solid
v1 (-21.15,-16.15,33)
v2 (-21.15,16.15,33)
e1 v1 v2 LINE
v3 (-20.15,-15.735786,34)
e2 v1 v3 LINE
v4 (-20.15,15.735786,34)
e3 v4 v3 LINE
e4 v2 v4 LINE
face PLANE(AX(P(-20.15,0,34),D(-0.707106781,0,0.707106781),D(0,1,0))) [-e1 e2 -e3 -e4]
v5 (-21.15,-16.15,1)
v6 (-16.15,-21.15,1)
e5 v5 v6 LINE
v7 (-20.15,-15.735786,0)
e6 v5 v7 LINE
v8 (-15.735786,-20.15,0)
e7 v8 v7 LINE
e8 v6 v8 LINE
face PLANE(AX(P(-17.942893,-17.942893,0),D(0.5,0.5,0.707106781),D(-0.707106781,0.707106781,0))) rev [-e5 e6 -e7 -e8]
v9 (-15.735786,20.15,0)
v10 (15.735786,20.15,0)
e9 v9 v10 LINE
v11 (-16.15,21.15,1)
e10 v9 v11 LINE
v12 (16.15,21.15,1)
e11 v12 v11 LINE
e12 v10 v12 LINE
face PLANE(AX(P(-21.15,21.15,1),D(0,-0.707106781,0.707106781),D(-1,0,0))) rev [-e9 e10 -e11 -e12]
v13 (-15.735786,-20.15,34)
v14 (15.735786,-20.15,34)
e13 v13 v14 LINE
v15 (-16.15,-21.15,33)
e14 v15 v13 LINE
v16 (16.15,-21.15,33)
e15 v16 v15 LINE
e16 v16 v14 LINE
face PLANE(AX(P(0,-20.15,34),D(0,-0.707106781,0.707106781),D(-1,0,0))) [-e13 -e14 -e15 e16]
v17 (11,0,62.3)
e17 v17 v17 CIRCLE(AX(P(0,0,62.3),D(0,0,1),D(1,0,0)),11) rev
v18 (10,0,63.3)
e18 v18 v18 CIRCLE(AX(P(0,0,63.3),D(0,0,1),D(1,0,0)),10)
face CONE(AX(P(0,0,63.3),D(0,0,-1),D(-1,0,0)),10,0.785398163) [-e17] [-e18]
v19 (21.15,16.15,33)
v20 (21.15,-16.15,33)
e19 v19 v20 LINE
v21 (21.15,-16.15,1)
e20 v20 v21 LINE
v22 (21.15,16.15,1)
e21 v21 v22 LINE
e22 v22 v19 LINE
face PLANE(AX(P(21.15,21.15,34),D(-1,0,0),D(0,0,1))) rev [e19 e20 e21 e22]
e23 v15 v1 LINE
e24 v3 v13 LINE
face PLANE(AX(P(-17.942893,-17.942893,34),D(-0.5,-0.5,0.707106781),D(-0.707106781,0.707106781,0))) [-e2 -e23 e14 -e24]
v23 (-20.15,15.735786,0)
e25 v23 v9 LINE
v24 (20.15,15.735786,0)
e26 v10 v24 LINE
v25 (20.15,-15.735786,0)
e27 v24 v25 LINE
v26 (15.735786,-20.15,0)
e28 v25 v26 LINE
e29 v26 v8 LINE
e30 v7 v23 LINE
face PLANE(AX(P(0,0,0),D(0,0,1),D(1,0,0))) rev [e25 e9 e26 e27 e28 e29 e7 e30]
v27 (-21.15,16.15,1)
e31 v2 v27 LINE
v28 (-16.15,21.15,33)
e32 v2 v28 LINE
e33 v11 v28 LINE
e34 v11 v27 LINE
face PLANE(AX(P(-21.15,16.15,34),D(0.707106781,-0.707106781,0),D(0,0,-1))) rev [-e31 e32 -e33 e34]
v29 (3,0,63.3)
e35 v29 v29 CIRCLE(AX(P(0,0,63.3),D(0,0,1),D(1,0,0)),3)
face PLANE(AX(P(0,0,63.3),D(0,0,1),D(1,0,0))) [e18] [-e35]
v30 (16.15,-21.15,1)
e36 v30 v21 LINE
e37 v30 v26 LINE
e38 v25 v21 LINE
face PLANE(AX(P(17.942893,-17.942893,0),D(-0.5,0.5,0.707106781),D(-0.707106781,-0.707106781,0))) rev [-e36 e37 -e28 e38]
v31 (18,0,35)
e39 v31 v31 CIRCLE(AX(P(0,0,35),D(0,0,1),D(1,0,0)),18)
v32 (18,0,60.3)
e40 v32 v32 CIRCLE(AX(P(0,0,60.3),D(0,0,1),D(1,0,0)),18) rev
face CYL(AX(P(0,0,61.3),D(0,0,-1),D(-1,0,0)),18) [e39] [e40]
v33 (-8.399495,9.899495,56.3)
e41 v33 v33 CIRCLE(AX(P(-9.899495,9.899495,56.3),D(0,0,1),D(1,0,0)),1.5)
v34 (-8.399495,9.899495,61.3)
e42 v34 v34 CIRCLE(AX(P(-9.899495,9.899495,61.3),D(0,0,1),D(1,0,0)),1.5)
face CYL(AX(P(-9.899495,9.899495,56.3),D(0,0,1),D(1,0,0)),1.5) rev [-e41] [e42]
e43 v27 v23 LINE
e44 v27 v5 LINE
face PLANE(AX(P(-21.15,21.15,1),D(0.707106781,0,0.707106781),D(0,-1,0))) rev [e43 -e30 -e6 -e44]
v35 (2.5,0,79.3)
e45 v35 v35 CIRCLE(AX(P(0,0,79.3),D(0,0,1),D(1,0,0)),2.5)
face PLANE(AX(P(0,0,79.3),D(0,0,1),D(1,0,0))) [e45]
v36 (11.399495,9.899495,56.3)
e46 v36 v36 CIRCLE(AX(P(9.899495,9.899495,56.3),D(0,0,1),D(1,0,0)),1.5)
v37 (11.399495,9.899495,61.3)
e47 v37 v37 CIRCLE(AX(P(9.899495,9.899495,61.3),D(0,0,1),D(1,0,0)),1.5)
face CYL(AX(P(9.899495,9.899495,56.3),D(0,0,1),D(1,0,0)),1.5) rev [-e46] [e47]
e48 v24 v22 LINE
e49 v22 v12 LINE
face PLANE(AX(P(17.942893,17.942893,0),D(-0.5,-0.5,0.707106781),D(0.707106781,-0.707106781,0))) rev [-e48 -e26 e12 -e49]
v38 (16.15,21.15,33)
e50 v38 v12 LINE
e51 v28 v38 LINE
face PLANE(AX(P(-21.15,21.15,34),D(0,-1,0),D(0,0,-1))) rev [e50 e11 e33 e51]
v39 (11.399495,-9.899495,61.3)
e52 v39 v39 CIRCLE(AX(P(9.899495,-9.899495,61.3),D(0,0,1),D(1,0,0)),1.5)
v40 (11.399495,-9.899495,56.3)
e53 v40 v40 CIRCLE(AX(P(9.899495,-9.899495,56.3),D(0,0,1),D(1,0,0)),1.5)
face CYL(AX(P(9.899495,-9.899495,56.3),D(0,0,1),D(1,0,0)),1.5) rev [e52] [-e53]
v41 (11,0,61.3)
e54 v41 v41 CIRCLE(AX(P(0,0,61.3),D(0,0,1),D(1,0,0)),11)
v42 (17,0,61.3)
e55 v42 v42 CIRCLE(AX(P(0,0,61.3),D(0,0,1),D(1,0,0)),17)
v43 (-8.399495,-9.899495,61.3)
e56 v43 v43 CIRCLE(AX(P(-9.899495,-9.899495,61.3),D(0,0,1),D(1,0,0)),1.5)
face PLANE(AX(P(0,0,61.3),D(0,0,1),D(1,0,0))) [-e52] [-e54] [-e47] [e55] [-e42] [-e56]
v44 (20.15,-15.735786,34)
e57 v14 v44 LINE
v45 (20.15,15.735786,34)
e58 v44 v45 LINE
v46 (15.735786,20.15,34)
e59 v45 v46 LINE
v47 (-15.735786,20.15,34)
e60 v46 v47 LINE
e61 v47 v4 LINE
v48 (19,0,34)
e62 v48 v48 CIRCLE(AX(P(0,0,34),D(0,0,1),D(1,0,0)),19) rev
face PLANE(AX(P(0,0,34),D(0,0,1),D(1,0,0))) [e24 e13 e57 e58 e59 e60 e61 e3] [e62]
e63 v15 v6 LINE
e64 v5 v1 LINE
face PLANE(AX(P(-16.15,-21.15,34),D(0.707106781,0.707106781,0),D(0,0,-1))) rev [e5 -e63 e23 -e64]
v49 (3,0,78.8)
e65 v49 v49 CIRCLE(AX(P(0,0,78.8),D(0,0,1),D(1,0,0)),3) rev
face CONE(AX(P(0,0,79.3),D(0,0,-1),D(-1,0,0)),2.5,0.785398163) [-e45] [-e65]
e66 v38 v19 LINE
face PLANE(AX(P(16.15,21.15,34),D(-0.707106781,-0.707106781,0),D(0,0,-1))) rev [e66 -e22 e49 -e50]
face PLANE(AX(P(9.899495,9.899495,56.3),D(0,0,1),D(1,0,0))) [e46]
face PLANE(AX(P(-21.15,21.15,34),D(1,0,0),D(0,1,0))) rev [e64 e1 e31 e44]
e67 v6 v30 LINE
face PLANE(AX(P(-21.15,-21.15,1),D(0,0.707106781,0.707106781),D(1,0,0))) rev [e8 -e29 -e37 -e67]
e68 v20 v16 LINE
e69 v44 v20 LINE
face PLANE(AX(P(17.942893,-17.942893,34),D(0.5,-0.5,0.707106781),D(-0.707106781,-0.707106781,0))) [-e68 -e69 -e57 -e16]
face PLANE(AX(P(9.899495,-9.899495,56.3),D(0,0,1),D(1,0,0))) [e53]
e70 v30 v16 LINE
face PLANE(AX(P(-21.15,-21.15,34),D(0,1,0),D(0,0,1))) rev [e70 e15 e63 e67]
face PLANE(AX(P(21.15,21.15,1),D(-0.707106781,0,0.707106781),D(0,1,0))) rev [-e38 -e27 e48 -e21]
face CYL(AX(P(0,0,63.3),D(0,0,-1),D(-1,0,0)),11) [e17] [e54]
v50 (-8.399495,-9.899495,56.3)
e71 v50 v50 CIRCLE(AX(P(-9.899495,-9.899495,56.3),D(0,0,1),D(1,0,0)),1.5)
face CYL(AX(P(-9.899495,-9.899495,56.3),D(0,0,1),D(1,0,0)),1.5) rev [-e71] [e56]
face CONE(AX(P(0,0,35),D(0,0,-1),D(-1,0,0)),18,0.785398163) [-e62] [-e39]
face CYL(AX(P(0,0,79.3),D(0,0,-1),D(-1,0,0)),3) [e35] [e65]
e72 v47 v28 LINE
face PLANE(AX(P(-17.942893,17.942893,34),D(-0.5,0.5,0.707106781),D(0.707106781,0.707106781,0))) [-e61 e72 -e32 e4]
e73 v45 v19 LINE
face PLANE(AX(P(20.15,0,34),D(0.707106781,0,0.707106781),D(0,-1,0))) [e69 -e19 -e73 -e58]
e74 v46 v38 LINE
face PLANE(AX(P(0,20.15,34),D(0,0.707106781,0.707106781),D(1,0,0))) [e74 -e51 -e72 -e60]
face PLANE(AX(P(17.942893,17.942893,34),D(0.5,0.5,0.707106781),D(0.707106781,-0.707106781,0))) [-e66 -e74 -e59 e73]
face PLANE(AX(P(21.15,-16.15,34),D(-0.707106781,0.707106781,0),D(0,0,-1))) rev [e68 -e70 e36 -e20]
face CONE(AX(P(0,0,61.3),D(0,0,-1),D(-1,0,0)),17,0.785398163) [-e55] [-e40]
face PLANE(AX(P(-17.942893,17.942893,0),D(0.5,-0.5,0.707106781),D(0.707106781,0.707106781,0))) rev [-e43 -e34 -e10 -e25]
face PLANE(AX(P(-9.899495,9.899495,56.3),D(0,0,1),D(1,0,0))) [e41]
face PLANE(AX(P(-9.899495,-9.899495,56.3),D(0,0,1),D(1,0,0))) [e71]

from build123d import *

# Parameters (mm, degrees)
SKETCH1_W           = 42.3
SKETCH1_H           = 42.3
BOSS_EXTRUDE1_DEPTH = 34
CHAMFER1_SIZE       = 5
SKETCH2_R           = 18
BOSS_EXTRUDE2_DEPTH = 27.3
SKETCH3_R           = 11
BOSS_EXTRUDE3_DEPTH = 2
SKETCH4_R           = 3
BOSS_EXTRUDE4_DEPTH = 16
CHAMFER2_SIZE       = 1
CHAMFER3_SIZE       = 0.5
SKETCH5_R           = 1.5
CUT_EXTRUDE1_DEPTH  = 5


with BuildPart() as part:
    # Sketch1 → Boss-Extrude1 (new body)
    with BuildSketch(Plane.XY):
        Rectangle(SKETCH1_W, SKETCH1_H)
    extrude(amount=BOSS_EXTRUDE1_DEPTH)

    # Chamfer1
    chamfer1_edges = [part.edges().sort_by_distance(p)[0] for p in [
        (21.15, -21.15, 17),
        (-21.15, -21.15, 17),
        (-21.15, 21.15, 17),
        (21.15, 21.15, 17),
    ]]
    chamfer(chamfer1_edges, length=CHAMFER1_SIZE)

    # Sketch2 → Boss-Extrude2 (add)
    with BuildSketch(Plane.XY.offset(34)):
        Circle(SKETCH2_R)
    extrude(amount=BOSS_EXTRUDE2_DEPTH)

    # Sketch3 → Boss-Extrude3 (add)
    with BuildSketch(Plane.XY.offset(61.3)):
        Circle(SKETCH3_R)
    extrude(amount=BOSS_EXTRUDE3_DEPTH)

    # Sketch4 → Boss-Extrude4 (add)
    with BuildSketch(Plane.XY.offset(63.3)):
        Circle(SKETCH4_R)
    extrude(amount=BOSS_EXTRUDE4_DEPTH)

    # Chamfer2
    chamfer2_edges = [part.edges().sort_by_distance(p)[0] for p in [
        (0, -21.15, 0),
        (0, -21.15, 34),
        (21.15, 0, 0),
        (-21.15, 0, 0),
        (0, 21.15, 0),
        (18.65, 18.65, 0),
        (18.65, -18.65, 0),
        (-18.65, 18.65, 0),
        (-18.65, -18.65, 0),
        (-21.15, 0, 34),
        (21.15, 0, 34),
        (0, 21.15, 34),
        (18.65, 18.65, 34),
        (18.65, -18.65, 34),
        (-18.65, 18.65, 34),
        (-18.65, -18.65, 34),
        (-18, 0, 34),
        (-18, 0, 61.3),
        (-11, 0, 63.3),
    ]]
    chamfer(chamfer2_edges, length=CHAMFER2_SIZE)

    # Chamfer3
    chamfer3_edges = [part.edges().sort_by_distance(p)[0] for p in [
        (-3, 0, 79.3),
    ]]
    chamfer(chamfer3_edges, length=CHAMFER3_SIZE)

    # Sketch5 → Cut-Extrude1 (cut)
    with BuildSketch(Plane.XY.offset(61.3)):
        with Locations((9.899494937, 9.899494937)):
            Circle(SKETCH5_R)
        with Locations((9.899494937, -9.899494937)):
            Circle(SKETCH5_R)
        with Locations((-9.899494937, -9.899494937)):
            Circle(SKETCH5_R)
        with Locations((-9.899494937, 9.899494937)):
            Circle(SKETCH5_R)
    extrude(amount=-CUT_EXTRUDE1_DEPTH, mode=Mode.SUBTRACT)


solid = part.part
